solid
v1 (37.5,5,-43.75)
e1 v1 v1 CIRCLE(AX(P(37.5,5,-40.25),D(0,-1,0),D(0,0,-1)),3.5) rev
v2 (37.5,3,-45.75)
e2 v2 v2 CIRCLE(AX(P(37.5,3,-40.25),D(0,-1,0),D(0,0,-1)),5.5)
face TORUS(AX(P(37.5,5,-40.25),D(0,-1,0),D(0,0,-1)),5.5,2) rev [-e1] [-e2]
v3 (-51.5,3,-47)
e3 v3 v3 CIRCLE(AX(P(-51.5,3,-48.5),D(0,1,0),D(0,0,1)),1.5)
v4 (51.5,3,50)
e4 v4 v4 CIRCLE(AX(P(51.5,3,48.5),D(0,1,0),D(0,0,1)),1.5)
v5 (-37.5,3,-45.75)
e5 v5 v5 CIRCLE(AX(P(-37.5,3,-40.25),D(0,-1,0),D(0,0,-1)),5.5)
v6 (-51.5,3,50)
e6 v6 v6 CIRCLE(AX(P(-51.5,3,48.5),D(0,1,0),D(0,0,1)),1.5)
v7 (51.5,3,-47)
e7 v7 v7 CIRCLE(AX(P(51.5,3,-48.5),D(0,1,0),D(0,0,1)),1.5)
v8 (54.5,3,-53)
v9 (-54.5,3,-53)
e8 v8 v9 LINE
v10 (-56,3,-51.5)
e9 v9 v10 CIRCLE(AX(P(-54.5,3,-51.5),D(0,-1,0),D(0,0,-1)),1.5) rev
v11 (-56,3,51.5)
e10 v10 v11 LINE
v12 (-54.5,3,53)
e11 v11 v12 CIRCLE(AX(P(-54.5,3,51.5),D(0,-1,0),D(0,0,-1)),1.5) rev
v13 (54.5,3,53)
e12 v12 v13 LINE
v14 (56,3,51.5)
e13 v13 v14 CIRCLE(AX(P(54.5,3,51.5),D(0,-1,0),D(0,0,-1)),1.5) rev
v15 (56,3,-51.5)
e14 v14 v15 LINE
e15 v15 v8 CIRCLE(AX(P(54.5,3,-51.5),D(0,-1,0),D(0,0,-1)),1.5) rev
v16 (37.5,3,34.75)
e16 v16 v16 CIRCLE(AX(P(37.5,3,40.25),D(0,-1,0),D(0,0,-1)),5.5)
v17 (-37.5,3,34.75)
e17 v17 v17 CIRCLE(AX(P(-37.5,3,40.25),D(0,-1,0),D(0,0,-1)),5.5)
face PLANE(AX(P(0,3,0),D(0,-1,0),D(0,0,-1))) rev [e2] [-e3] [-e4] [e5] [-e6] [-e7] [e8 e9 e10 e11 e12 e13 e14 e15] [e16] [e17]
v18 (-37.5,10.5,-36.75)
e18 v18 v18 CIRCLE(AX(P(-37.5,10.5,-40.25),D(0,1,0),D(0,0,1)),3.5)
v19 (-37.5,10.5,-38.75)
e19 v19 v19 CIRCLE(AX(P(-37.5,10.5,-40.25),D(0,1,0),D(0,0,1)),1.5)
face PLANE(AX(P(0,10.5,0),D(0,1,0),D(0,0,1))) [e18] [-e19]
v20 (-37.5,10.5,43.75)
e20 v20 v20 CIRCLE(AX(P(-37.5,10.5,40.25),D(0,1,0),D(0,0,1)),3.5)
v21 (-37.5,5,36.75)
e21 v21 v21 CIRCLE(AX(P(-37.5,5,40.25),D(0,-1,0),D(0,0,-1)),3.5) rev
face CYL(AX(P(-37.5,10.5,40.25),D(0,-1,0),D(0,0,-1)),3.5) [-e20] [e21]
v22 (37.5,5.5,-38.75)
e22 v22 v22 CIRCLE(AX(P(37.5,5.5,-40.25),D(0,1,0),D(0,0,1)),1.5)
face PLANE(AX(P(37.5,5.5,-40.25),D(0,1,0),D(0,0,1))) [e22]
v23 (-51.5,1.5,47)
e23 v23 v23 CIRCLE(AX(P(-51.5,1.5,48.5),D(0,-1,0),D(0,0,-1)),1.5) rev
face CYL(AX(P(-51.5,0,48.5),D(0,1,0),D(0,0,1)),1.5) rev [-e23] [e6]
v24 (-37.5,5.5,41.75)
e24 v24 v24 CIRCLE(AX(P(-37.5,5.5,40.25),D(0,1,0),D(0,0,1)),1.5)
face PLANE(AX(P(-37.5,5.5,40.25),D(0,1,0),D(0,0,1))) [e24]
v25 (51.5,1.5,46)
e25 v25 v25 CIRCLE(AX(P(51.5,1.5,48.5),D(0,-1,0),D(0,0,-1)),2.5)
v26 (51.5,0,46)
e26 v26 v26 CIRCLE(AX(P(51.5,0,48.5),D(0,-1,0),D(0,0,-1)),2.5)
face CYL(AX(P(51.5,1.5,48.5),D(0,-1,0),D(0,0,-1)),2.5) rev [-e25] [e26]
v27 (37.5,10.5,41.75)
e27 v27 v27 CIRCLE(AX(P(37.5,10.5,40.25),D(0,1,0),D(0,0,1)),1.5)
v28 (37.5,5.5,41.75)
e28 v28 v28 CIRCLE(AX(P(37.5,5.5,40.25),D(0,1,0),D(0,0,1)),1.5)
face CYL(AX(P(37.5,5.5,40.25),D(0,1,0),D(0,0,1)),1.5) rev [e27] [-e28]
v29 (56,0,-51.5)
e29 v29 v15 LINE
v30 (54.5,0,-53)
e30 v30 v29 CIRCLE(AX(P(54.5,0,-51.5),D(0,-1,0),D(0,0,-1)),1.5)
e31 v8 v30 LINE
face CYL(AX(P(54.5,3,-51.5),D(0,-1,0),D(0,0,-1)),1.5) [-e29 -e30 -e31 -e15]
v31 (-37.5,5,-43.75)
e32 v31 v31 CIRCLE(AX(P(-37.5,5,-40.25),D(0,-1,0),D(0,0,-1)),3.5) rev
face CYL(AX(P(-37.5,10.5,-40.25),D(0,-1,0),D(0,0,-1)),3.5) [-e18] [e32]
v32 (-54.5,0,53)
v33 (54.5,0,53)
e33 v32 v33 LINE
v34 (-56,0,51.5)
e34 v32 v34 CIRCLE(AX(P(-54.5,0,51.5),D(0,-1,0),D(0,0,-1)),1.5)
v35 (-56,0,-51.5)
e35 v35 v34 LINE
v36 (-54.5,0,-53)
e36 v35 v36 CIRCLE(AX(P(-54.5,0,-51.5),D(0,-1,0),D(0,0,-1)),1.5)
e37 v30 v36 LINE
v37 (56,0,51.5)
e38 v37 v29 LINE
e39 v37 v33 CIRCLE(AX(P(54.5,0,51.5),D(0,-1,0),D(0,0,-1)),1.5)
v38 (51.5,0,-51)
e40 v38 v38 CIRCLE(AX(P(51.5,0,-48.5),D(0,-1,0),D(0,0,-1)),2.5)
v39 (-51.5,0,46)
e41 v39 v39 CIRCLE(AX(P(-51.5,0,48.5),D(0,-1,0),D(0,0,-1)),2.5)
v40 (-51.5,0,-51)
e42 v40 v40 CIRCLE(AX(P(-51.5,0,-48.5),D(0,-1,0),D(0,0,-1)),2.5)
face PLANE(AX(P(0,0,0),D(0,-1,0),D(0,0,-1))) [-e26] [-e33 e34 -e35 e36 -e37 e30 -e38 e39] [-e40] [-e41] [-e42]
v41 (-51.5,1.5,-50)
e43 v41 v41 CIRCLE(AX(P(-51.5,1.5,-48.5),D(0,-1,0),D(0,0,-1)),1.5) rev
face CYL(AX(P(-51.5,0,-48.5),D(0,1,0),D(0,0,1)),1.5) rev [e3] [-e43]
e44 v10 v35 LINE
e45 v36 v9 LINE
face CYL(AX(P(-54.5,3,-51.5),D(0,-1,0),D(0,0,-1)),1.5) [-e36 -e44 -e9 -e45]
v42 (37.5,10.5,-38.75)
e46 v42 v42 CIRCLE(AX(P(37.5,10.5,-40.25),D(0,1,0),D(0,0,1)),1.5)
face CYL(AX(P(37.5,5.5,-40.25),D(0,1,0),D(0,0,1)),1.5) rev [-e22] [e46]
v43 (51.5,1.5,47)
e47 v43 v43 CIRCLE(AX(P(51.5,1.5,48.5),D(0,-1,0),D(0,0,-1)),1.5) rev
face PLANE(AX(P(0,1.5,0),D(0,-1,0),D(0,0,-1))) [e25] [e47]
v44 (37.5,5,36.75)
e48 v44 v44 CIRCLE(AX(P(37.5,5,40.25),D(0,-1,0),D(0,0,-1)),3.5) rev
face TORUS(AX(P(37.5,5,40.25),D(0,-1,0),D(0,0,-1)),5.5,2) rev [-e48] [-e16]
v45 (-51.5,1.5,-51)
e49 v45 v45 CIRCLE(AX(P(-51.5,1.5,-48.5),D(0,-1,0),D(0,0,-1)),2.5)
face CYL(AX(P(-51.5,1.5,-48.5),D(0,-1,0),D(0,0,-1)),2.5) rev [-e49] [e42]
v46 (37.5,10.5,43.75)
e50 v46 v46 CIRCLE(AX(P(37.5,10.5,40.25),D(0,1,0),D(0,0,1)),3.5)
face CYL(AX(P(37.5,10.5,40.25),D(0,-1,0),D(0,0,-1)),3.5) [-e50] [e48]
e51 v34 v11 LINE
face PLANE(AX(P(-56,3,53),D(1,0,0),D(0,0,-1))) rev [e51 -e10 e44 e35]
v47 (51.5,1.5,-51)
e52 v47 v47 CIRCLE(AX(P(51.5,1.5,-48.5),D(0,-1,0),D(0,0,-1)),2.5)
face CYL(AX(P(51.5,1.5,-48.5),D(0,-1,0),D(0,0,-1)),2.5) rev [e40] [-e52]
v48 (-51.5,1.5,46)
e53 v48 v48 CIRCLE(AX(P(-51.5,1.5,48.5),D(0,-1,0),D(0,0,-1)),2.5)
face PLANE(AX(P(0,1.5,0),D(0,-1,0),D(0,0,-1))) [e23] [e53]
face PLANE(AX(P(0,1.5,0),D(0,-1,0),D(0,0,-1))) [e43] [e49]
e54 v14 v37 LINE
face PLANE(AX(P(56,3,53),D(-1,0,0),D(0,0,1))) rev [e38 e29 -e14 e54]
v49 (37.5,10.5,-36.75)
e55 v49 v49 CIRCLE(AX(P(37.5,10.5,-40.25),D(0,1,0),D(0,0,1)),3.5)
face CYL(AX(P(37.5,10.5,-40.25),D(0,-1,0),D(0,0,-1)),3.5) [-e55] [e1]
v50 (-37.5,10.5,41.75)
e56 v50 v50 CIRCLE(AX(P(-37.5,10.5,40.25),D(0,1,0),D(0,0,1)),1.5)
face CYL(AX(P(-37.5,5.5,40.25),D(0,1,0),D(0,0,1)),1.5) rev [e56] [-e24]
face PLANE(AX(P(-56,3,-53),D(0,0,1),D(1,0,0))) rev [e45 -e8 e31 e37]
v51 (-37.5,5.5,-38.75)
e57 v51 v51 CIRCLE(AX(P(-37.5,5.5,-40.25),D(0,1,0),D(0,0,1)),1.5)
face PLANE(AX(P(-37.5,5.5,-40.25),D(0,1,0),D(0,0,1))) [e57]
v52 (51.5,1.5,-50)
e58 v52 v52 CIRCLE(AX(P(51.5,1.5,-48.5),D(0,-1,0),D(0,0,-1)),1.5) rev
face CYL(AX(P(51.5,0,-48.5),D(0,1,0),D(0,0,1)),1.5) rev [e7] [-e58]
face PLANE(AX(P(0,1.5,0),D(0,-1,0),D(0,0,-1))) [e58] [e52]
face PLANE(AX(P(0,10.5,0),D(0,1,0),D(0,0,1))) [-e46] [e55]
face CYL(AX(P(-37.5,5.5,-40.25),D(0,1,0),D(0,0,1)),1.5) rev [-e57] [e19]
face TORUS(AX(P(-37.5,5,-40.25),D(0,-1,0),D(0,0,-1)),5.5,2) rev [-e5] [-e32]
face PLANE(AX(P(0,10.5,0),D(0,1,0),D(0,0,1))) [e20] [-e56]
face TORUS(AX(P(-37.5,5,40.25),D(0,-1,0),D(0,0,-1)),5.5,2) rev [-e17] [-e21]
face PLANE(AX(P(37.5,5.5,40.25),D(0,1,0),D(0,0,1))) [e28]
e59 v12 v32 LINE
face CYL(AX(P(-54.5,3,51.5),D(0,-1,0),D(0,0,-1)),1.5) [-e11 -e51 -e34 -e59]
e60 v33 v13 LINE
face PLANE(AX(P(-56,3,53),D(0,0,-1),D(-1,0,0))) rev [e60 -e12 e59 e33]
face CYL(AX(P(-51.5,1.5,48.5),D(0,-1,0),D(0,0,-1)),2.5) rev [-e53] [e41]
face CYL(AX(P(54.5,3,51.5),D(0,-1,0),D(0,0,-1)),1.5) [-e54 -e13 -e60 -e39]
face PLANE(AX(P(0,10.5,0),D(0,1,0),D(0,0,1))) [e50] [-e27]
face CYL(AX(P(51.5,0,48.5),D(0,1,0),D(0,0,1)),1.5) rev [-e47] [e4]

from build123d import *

# Parameters (mm, degrees)
SKETCH2_W           = 112
SKETCH2_H           = 106
BOSS_EXTRUDE1_DEPTH = 3
BOSS_EXTRUDE2_DEPTH = 7.5
SKETCH4_R           = 1.5
CUT_EXTRUDE1_DEPTH  = 5
CUT_EXTRUDE4_DEPTH  = 3
CUT_EXTRUDE5_START  = -1.5
CUT_EXTRUDE5_DEPTH  = 1.5
FILLET1_R           = 1.5
FILLET2_R           = 2


with BuildPart() as part:
    # Sketch2 → Boss-Extrude1 (new body)
    with BuildSketch(Plane(origin=(0, 0, 0), x_dir=(1, 0, 0), z_dir=(0, 1, 0))):
        Rectangle(SKETCH2_W, SKETCH2_H)
    extrude(amount=BOSS_EXTRUDE1_DEPTH)

    # Sketch3 → Boss-Extrude2 (add)
    with BuildSketch(Plane(origin=(0, 3, 0), x_dir=(1, 0, 0), z_dir=(0, 1, 0))):
        with BuildLine():
            ThreePointArc((-34, 40.25), (-39.974873734, 42.724873734), (-37.5, 36.75))
            Line((-37.5, 36.75), (-37.5, 40.25))
            Line((-37.5, 40.25), (-34, 40.25))
        make_face()
        with BuildLine():
            Line((-37.5, 40.25), (-37.5, 36.75))
            ThreePointArc((-37.5, 36.75), (-35.025126266, 37.775126266), (-34, 40.25))
            Line((-34, 40.25), (-37.5, 40.25))
        make_face()
        with BuildLine():
            ThreePointArc((34, 40.25), (35.025126266, 37.775126266), (37.5, 36.75))
            Line((37.5, 36.75), (37.5, 40.25))
            Line((37.5, 40.25), (34, 40.25))
        make_face()
        with BuildLine():
            Line((37.5, 40.25), (37.5, 36.75))
            ThreePointArc((37.5, 36.75), (39.974873734, 37.775126266), (41, 40.25))
            ThreePointArc((41, 40.25), (37.5, 43.75), (34, 40.25))
            Line((34, 40.25), (37.5, 40.25))
        make_face()
        with BuildLine():
            Line((-37.5, -36.75), (-37.5, -40.25))
            Line((-37.5, -40.25), (-34, -40.25))
            ThreePointArc((-34, -40.25), (-35.025126266, -37.775126266), (-37.5, -36.75))
        make_face()
        with BuildLine():
            Line((-34, -40.25), (-37.5, -40.25))
            Line((-37.5, -40.25), (-37.5, -36.75))
            ThreePointArc((-37.5, -36.75), (-39.974873734, -42.724873734), (-34, -40.25))
        make_face()
        with BuildLine():
            ThreePointArc((37.5, -36.75), (35.025126266, -37.775126266), (34, -40.25))
            Line((34, -40.25), (37.5, -40.25))
            Line((37.5, -40.25), (37.5, -36.75))
        make_face()
        with BuildLine():
            Line((37.5, -40.25), (34, -40.25))
            ThreePointArc((34, -40.25), (37.5, -43.75), (41, -40.25))
            ThreePointArc((41, -40.25), (39.974873734, -37.775126266), (37.5, -36.75))
            Line((37.5, -36.75), (37.5, -40.25))
        make_face()
    extrude(amount=BOSS_EXTRUDE2_DEPTH)

    # Sketch4 → Cut-Extrude1 (cut)
    with BuildSketch(Plane(origin=(0, 10.5, 0), x_dir=(1, 0, 0), z_dir=(0, 1, 0))):
        with Locations(Location((-37.5, 40.25, 0), (0, 0, 270))):
            Circle(SKETCH4_R)
        with Locations(Location((37.5, 40.25, 0), (0, 0, 270))):
            Circle(SKETCH4_R)
        with Locations(Location((37.5, -40.25, 0), (0, 0, 270))):
            Circle(SKETCH4_R)
        with Locations(Location((-37.5, -40.25, 0), (0, 0, 270))):
            Circle(SKETCH4_R)
    extrude(amount=-CUT_EXTRUDE1_DEPTH, mode=Mode.SUBTRACT)

    # Sketch6 → Cut-Extrude4 (cut)
    with BuildSketch(Plane(origin=(0, 3, 0), x_dir=(1, 0, 0), z_dir=(0, 1, 0))):
        with BuildLine():
            ThreePointArc((-50, 48.5), (-52.560660172, 49.560660172), (-51.5, 47))
            Line((-51.5, 47), (-51.5, 48.5))
            Line((-51.5, 48.5), (-50, 48.5))
        make_face()
        with BuildLine():
            Line((-51.5, 48.5), (-51.5, 47))
            ThreePointArc((-51.5, 47), (-50.439339828, 47.439339828), (-50, 48.5))
            Line((-50, 48.5), (-51.5, 48.5))
        make_face()
        with BuildLine():
            Line((-51.5, -47), (-51.5, -48.5))
            Line((-51.5, -48.5), (-50, -48.5))
            ThreePointArc((-50, -48.5), (-50.439339828, -47.439339828), (-51.5, -47))
        make_face()
        with BuildLine():
            Line((-50, -48.5), (-51.5, -48.5))
            Line((-51.5, -48.5), (-51.5, -47))
            ThreePointArc((-51.5, -47), (-52.560660172, -49.560660172), (-50, -48.5))
        make_face()
        with BuildLine():
            ThreePointArc((51.5, -47), (50.439339828, -47.439339828), (50, -48.5))
            Line((50, -48.5), (51.5, -48.5))
            Line((51.5, -48.5), (51.5, -47))
        make_face()
        with BuildLine():
            Line((51.5, -48.5), (50, -48.5))
            ThreePointArc((50, -48.5), (51.5, -50), (53, -48.5))
            ThreePointArc((53, -48.5), (52.560660172, -47.439339828), (51.5, -47))
            Line((51.5, -47), (51.5, -48.5))
        make_face()
        with BuildLine():
            ThreePointArc((50, 48.5), (50.439339828, 47.439339828), (51.5, 47))
            Line((51.5, 47), (51.5, 48.5))
            Line((51.5, 48.5), (50, 48.5))
        make_face()
        with BuildLine():
            Line((51.5, 48.5), (51.5, 47))
            ThreePointArc((51.5, 47), (52.560660172, 47.439339828), (53, 48.5))
            ThreePointArc((53, 48.5), (51.5, 50), (50, 48.5))
            Line((50, 48.5), (51.5, 48.5))
        make_face()
    extrude(amount=-CUT_EXTRUDE4_DEPTH, mode=Mode.SUBTRACT)

    # Sketch7 → Cut-Extrude5 (cut)
    with BuildSketch(Plane.XZ.offset(CUT_EXTRUDE5_START)):
        with BuildLine():
            ThreePointArc((-49, 48.5), (-53.267766953, 50.267766953), (-51.5, 46))
            Line((-51.5, 46), (-51.5, 47))
            ThreePointArc((-51.5, 47), (-52.560660172, 49.560660172), (-50, 48.5))
            Line((-50, 48.5), (-49, 48.5))
        make_face()
        with BuildLine():
            Line((-51.5, 47), (-51.5, 46))
            ThreePointArc((-51.5, 46), (-49.732233047, 46.732233047), (-49, 48.5))
            Line((-49, 48.5), (-50, 48.5))
            ThreePointArc((-50, 48.5), (-50.439339828, 47.439339828), (-51.5, 47))
        make_face()
        with BuildLine():
            ThreePointArc((-50, 48.5), (-52.560660172, 49.560660172), (-51.5, 47))
            Line((-51.5, 47), (-51.5, 48.5))
            Line((-51.5, 48.5), (-50, 48.5))
        make_face()
        with BuildLine():
            Line((-51.5, 48.5), (-51.5, 47))
            ThreePointArc((-51.5, 47), (-50.439339828, 47.439339828), (-50, 48.5))
            Line((-50, 48.5), (-51.5, 48.5))
        make_face()
        with BuildLine():
            Line((-51.5, -47), (-51.5, -48.5))
            Line((-51.5, -48.5), (-50, -48.5))
            ThreePointArc((-50, -48.5), (-50.439339828, -47.439339828), (-51.5, -47))
        make_face()
        with BuildLine():
            Line((-50, -48.5), (-51.5, -48.5))
            Line((-51.5, -48.5), (-51.5, -47))
            ThreePointArc((-51.5, -47), (-52.560660172, -49.560660172), (-50, -48.5))
        make_face()
        with BuildLine():
            ThreePointArc((-51.5, -47), (-50.439339828, -47.439339828), (-50, -48.5))
            Line((-50, -48.5), (-49, -48.5))
            ThreePointArc((-49, -48.5), (-49.732233047, -46.732233047), (-51.5, -46))
            Line((-51.5, -46), (-51.5, -47))
        make_face()
        with BuildLine():
            Line((-49, -48.5), (-50, -48.5))
            ThreePointArc((-50, -48.5), (-52.560660172, -49.560660172), (-51.5, -47))
            Line((-51.5, -47), (-51.5, -46))
            ThreePointArc((-51.5, -46), (-53.267766953, -50.267766953), (-49, -48.5))
        make_face()
        with BuildLine():
            ThreePointArc((51.5, -46), (49.732233047, -46.732233047), (49, -48.5))
            Line((49, -48.5), (50, -48.5))
            ThreePointArc((50, -48.5), (50.439339828, -47.439339828), (51.5, -47))
            Line((51.5, -47), (51.5, -46))
        make_face()
        with BuildLine():
            Line((50, -48.5), (49, -48.5))
            ThreePointArc((49, -48.5), (51.5, -51), (54, -48.5))
            ThreePointArc((54, -48.5), (53.267766953, -46.732233047), (51.5, -46))
            Line((51.5, -46), (51.5, -47))
            ThreePointArc((51.5, -47), (52.560660172, -47.439339828), (53, -48.5))
            ThreePointArc((53, -48.5), (51.5, -50), (50, -48.5))
        make_face()
        with BuildLine():
            ThreePointArc((51.5, -47), (50.439339828, -47.439339828), (50, -48.5))
            Line((50, -48.5), (51.5, -48.5))
            Line((51.5, -48.5), (51.5, -47))
        make_face()
        with BuildLine():
            Line((51.5, -48.5), (50, -48.5))
            ThreePointArc((50, -48.5), (51.5, -50), (53, -48.5))
            ThreePointArc((53, -48.5), (52.560660172, -47.439339828), (51.5, -47))
            Line((51.5, -47), (51.5, -48.5))
        make_face()
        with BuildLine():
            ThreePointArc((50, 48.5), (50.439339828, 47.439339828), (51.5, 47))
            Line((51.5, 47), (51.5, 48.5))
            Line((51.5, 48.5), (50, 48.5))
        make_face()
        with BuildLine():
            Line((51.5, 48.5), (51.5, 47))
            ThreePointArc((51.5, 47), (52.560660172, 47.439339828), (53, 48.5))
            ThreePointArc((53, 48.5), (51.5, 50), (50, 48.5))
            Line((50, 48.5), (51.5, 48.5))
        make_face()
        with BuildLine():
            ThreePointArc((49, 48.5), (49.732233047, 46.732233047), (51.5, 46))
            Line((51.5, 46), (51.5, 47))
            ThreePointArc((51.5, 47), (50.439339828, 47.439339828), (50, 48.5))
            Line((50, 48.5), (49, 48.5))
        make_face()
        with BuildLine():
            Line((51.5, 47), (51.5, 46))
            ThreePointArc((51.5, 46), (53.267766953, 46.732233047), (54, 48.5))
            ThreePointArc((54, 48.5), (51.5, 51), (49, 48.5))
            Line((49, 48.5), (50, 48.5))
            ThreePointArc((50, 48.5), (51.5, 50), (53, 48.5))
            ThreePointArc((53, 48.5), (52.560660172, 47.439339828), (51.5, 47))
        make_face()
    extrude(amount=CUT_EXTRUDE5_DEPTH, mode=Mode.SUBTRACT)

    # Fillet1
    fillet1_edges = [part.edges().sort_by_distance(p)[0] for p in [
        (56, 1.5, 53),
        (-56, 1.5, 53),
        (-56, 1.5, -53),
        (56, 1.5, -53),
    ]]
    fillet(fillet1_edges, radius=FILLET1_R)

    # Fillet2
    fillet2_edges = [part.edges().sort_by_distance(p)[0] for p in [
        (-37.5, 3, -43.75),
        (41, 3, -40.25),
        (-41, 3, 40.25),
        (37.5, 3, 43.75),
    ]]
    fillet(fillet2_edges, radius=FILLET2_R)


solid = part.part
